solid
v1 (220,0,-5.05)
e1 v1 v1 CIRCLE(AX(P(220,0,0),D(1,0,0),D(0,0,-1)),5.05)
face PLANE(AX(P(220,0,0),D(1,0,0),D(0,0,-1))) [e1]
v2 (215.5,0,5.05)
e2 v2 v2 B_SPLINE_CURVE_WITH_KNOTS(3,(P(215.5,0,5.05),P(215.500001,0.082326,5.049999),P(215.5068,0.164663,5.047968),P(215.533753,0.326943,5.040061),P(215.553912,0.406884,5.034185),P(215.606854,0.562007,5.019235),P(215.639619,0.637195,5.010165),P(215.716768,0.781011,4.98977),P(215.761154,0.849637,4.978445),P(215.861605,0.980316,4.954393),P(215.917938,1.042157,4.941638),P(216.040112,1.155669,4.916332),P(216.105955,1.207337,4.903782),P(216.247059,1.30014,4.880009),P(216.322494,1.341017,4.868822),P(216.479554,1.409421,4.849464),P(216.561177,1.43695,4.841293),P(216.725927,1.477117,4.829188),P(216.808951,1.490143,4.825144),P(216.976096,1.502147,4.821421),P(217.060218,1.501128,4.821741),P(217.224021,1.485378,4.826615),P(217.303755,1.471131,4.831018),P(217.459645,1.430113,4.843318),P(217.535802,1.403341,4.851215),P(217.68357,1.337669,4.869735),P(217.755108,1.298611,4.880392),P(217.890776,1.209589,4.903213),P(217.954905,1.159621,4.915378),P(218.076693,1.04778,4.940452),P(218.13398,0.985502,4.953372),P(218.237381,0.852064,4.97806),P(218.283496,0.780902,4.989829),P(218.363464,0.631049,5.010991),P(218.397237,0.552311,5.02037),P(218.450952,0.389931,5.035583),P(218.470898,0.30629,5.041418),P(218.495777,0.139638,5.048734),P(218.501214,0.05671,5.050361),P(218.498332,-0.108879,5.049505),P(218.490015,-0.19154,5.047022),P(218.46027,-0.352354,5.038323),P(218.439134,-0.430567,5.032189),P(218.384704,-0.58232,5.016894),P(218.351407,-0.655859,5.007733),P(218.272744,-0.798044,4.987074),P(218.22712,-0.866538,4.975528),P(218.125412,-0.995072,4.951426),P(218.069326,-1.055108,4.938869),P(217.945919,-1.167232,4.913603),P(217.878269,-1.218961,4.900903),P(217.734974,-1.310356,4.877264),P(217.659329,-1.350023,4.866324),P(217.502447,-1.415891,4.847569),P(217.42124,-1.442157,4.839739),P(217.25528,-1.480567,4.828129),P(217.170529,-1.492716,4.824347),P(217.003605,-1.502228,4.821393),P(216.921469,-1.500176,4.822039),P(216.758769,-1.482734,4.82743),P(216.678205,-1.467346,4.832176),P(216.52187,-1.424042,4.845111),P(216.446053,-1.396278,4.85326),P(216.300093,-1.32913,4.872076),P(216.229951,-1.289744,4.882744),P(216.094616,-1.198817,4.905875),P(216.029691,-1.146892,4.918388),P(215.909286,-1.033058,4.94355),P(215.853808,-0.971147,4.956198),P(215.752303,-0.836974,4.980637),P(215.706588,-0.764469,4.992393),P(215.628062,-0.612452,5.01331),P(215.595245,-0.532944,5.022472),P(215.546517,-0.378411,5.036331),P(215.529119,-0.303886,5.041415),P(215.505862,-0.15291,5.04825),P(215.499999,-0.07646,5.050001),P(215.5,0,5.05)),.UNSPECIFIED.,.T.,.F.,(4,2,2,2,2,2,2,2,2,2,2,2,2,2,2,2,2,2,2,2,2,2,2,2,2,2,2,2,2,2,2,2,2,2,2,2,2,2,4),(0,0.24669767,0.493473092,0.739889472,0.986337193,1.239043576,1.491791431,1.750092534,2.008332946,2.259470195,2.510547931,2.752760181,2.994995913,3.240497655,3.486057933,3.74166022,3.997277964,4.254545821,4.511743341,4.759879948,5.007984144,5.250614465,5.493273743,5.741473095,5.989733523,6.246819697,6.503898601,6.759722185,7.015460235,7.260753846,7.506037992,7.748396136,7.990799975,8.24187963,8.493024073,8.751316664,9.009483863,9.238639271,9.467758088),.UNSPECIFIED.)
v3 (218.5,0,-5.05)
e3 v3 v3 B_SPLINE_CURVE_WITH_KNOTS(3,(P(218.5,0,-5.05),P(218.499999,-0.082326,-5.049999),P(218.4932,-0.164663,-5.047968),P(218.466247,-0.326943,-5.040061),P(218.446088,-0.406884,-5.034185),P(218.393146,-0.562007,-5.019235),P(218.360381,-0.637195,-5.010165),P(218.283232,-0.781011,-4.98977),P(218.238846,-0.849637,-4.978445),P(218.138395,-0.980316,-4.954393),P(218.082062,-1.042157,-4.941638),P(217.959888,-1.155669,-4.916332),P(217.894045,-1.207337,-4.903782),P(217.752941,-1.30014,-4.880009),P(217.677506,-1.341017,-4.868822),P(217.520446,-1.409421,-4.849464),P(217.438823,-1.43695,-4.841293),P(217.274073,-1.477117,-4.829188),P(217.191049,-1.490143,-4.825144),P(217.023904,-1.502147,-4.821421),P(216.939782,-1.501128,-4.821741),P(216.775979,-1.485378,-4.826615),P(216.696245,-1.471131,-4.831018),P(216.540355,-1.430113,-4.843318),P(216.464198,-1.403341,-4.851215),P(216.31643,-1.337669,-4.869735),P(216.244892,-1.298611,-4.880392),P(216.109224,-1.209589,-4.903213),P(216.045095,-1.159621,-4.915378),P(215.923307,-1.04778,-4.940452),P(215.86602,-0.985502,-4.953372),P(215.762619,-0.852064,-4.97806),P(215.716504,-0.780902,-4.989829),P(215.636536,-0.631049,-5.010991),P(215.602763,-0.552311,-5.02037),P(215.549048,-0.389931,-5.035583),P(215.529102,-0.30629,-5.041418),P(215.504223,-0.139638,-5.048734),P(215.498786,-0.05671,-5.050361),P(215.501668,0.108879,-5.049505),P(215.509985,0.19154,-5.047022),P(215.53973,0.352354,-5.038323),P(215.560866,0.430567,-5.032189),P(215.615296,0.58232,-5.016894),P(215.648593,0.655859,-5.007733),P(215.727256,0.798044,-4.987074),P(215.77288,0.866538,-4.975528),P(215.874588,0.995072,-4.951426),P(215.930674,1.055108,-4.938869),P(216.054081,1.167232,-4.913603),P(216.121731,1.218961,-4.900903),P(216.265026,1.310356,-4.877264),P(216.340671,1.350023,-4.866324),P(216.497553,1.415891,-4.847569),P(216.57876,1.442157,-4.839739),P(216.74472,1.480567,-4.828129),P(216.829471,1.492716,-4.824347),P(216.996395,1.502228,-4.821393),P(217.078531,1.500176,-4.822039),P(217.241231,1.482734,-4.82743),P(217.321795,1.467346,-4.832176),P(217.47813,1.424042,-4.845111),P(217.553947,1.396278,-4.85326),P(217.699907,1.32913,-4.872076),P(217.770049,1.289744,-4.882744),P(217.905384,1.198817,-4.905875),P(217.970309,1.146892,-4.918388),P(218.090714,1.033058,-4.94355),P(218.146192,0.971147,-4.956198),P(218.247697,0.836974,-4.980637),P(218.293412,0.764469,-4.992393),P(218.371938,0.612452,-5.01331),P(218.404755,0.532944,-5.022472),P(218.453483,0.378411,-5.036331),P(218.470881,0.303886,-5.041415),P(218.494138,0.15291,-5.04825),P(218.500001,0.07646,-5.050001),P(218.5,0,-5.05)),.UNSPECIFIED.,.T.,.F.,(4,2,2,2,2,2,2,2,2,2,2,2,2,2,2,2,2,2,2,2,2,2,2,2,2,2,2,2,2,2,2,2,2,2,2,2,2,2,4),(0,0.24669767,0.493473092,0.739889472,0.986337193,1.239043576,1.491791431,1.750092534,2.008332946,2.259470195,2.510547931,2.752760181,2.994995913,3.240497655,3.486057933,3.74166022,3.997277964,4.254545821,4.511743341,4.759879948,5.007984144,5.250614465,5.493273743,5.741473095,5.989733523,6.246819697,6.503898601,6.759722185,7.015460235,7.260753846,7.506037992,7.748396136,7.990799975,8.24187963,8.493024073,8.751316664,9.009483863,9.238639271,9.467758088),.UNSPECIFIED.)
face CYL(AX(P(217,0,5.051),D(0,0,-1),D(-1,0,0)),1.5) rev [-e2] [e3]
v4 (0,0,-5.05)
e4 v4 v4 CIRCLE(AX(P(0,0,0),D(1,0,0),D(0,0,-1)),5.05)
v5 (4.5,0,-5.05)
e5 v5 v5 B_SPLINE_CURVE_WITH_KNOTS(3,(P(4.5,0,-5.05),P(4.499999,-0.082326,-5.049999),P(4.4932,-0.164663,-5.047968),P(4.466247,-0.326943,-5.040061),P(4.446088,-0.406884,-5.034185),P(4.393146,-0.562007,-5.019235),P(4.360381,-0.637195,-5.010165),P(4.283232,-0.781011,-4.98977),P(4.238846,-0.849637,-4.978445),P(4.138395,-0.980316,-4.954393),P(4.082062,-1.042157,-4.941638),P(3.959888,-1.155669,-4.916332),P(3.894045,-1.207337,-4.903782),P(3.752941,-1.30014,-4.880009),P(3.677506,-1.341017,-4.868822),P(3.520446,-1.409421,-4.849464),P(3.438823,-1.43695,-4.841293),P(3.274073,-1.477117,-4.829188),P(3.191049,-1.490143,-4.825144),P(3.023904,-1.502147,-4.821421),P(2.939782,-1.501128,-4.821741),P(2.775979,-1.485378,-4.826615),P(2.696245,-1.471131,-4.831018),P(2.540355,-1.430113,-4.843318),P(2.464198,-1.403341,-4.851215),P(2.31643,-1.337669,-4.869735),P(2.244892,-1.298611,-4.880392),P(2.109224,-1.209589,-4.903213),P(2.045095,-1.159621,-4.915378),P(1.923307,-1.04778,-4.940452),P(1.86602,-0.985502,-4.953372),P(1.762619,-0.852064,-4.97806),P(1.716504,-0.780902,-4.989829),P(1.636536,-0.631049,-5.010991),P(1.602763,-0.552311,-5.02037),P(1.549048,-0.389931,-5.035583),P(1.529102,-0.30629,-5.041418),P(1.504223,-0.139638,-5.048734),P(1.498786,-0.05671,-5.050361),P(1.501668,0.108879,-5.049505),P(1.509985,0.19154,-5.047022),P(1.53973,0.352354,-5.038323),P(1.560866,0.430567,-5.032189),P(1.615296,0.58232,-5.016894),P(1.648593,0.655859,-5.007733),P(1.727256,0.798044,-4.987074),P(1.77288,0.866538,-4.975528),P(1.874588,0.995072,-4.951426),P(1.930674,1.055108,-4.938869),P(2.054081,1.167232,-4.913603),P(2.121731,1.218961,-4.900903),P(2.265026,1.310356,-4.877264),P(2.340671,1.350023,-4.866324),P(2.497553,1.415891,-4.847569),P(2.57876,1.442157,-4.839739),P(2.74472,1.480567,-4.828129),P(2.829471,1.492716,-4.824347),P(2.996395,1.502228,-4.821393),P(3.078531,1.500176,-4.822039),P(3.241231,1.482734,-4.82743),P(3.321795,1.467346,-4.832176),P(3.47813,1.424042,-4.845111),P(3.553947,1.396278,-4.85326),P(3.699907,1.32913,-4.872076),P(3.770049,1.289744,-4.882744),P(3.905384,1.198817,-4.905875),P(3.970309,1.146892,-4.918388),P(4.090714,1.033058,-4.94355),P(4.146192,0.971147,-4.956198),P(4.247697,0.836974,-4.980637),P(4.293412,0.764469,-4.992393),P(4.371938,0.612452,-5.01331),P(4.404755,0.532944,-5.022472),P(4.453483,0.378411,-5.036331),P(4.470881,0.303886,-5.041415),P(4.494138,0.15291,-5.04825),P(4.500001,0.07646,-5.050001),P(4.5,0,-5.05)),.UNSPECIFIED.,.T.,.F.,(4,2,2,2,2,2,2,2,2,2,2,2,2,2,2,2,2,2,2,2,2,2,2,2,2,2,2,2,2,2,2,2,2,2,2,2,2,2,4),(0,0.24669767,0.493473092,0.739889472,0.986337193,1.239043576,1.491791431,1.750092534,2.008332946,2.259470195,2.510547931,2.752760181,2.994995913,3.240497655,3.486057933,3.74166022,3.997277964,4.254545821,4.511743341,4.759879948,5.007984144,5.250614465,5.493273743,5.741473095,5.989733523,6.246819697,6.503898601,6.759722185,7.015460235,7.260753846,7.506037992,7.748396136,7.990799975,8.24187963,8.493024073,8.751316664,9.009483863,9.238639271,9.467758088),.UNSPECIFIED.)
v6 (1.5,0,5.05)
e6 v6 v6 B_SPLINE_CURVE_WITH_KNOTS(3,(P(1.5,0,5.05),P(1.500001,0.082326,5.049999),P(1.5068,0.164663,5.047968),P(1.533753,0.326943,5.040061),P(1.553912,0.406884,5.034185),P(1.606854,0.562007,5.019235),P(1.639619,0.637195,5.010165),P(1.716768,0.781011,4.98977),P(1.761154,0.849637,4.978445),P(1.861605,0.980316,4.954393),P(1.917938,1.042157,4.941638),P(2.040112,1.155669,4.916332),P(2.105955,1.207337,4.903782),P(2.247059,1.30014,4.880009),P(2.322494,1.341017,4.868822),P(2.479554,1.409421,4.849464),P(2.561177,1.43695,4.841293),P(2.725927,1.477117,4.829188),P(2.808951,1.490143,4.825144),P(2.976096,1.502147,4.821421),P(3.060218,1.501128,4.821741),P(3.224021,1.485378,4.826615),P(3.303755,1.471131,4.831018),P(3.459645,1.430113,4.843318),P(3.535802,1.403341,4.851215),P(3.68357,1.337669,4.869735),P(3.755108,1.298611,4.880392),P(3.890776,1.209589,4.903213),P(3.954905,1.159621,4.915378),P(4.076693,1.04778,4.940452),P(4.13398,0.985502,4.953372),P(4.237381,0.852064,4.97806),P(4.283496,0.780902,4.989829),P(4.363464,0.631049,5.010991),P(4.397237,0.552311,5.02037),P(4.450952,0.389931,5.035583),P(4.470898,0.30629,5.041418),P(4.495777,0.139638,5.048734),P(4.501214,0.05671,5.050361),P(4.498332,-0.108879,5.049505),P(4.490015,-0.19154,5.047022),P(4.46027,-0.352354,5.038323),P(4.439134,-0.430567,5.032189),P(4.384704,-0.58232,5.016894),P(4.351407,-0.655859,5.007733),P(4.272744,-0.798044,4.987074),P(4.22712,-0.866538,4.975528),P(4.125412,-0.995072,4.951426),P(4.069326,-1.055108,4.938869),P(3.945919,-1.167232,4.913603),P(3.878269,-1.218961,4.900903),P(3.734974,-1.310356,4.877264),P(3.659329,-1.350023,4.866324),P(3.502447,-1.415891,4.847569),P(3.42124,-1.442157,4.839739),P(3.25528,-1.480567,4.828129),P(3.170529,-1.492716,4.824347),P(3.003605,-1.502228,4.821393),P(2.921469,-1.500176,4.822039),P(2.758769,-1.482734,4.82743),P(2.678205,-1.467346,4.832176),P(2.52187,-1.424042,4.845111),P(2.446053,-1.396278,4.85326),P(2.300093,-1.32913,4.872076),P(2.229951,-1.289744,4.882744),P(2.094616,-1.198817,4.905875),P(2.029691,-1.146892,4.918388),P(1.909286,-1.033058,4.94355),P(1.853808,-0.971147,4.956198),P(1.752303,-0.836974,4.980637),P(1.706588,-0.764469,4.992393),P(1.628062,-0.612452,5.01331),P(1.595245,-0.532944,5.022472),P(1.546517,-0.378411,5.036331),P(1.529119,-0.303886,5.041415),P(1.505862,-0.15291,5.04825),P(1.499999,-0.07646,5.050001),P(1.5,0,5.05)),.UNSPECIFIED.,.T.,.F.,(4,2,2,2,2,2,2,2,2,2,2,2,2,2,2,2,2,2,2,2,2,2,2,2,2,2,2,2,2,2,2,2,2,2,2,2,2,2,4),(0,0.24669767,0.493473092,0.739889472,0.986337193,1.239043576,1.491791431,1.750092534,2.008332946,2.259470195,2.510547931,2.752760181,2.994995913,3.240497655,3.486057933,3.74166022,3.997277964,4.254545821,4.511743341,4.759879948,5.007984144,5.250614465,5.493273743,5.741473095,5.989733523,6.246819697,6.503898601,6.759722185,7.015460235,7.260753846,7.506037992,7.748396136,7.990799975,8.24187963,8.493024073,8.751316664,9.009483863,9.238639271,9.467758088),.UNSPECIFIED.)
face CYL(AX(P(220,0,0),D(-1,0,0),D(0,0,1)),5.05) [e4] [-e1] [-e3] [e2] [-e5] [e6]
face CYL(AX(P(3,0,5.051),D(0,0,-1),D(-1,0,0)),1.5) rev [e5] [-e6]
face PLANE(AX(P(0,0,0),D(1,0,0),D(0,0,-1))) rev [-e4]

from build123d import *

# Parameters (mm, degrees)
CROQUIS1_R                        = 5.05
SALIENTE_EXTRUIR1_DEPTH           = 220
CORTAR_EXTRUIR1_REACH             = 7.05
CROQUIS2_R                        = 1.5
CORTAR_EXTRUIR1_DIRECTION_2_REACH = 7.05


with BuildPart() as part:
    # Croquis1 → Saliente-Extruir1 (new body)
    with BuildSketch(Plane(origin=(0, 0, 0), x_dir=(0, 0, -1), z_dir=(1, 0, 0))):
        Circle(CROQUIS1_R)
    extrude(amount=SALIENTE_EXTRUIR1_DEPTH)

    # Croquis2 → Cortar-Extruir1 (cut, up to next)
    with BuildSketch(Plane.XY, mode=Mode.PRIVATE) as cortar_extruir1_sk1:
        with Locations((3, 0)):
            Circle(CROQUIS2_R)
    cortar_extruir1_tool1 = extrude(cortar_extruir1_sk1.sketch, amount=-CORTAR_EXTRUIR1_REACH, mode=Mode.PRIVATE) & part.part
    add(cortar_extruir1_tool1.solids().sort_by_distance((3, 0, 0))[0], mode=Mode.SUBTRACT)
    # Croquis2 → Cortar-Extruir1 (cut, up to next)
    with BuildSketch(Plane.XY, mode=Mode.PRIVATE) as cortar_extruir1_sk2:
        with Locations((217, 0)):
            Circle(CROQUIS2_R)
    cortar_extruir1_tool2 = extrude(cortar_extruir1_sk2.sketch, amount=-CORTAR_EXTRUIR1_REACH, mode=Mode.PRIVATE) & part.part
    add(cortar_extruir1_tool2.solids().sort_by_distance((217, 0, 0))[0], mode=Mode.SUBTRACT)

    # Croquis2 → Cortar-Extruir1 direction 2 (cut, up to next)
    with BuildSketch(Plane.XY, mode=Mode.PRIVATE) as cortar_extruir1_direction_2_sk1:
        with Locations((3, 0)):
            Circle(CROQUIS2_R)
    cortar_extruir1_direction_2_tool1 = extrude(cortar_extruir1_direction_2_sk1.sketch, amount=CORTAR_EXTRUIR1_DIRECTION_2_REACH, mode=Mode.PRIVATE) & part.part
    add(cortar_extruir1_direction_2_tool1.solids().sort_by_distance((3, 0, 0))[0], mode=Mode.SUBTRACT)
    # Croquis2 → Cortar-Extruir1 direction 2 (cut, up to next)
    with BuildSketch(Plane.XY, mode=Mode.PRIVATE) as cortar_extruir1_direction_2_sk2:
        with Locations((217, 0)):
            Circle(CROQUIS2_R)
    cortar_extruir1_direction_2_tool2 = extrude(cortar_extruir1_direction_2_sk2.sketch, amount=CORTAR_EXTRUIR1_DIRECTION_2_REACH, mode=Mode.PRIVATE) & part.part
    add(cortar_extruir1_direction_2_tool2.solids().sort_by_distance((217, 0, 0))[0], mode=Mode.SUBTRACT)


solid = part.part
